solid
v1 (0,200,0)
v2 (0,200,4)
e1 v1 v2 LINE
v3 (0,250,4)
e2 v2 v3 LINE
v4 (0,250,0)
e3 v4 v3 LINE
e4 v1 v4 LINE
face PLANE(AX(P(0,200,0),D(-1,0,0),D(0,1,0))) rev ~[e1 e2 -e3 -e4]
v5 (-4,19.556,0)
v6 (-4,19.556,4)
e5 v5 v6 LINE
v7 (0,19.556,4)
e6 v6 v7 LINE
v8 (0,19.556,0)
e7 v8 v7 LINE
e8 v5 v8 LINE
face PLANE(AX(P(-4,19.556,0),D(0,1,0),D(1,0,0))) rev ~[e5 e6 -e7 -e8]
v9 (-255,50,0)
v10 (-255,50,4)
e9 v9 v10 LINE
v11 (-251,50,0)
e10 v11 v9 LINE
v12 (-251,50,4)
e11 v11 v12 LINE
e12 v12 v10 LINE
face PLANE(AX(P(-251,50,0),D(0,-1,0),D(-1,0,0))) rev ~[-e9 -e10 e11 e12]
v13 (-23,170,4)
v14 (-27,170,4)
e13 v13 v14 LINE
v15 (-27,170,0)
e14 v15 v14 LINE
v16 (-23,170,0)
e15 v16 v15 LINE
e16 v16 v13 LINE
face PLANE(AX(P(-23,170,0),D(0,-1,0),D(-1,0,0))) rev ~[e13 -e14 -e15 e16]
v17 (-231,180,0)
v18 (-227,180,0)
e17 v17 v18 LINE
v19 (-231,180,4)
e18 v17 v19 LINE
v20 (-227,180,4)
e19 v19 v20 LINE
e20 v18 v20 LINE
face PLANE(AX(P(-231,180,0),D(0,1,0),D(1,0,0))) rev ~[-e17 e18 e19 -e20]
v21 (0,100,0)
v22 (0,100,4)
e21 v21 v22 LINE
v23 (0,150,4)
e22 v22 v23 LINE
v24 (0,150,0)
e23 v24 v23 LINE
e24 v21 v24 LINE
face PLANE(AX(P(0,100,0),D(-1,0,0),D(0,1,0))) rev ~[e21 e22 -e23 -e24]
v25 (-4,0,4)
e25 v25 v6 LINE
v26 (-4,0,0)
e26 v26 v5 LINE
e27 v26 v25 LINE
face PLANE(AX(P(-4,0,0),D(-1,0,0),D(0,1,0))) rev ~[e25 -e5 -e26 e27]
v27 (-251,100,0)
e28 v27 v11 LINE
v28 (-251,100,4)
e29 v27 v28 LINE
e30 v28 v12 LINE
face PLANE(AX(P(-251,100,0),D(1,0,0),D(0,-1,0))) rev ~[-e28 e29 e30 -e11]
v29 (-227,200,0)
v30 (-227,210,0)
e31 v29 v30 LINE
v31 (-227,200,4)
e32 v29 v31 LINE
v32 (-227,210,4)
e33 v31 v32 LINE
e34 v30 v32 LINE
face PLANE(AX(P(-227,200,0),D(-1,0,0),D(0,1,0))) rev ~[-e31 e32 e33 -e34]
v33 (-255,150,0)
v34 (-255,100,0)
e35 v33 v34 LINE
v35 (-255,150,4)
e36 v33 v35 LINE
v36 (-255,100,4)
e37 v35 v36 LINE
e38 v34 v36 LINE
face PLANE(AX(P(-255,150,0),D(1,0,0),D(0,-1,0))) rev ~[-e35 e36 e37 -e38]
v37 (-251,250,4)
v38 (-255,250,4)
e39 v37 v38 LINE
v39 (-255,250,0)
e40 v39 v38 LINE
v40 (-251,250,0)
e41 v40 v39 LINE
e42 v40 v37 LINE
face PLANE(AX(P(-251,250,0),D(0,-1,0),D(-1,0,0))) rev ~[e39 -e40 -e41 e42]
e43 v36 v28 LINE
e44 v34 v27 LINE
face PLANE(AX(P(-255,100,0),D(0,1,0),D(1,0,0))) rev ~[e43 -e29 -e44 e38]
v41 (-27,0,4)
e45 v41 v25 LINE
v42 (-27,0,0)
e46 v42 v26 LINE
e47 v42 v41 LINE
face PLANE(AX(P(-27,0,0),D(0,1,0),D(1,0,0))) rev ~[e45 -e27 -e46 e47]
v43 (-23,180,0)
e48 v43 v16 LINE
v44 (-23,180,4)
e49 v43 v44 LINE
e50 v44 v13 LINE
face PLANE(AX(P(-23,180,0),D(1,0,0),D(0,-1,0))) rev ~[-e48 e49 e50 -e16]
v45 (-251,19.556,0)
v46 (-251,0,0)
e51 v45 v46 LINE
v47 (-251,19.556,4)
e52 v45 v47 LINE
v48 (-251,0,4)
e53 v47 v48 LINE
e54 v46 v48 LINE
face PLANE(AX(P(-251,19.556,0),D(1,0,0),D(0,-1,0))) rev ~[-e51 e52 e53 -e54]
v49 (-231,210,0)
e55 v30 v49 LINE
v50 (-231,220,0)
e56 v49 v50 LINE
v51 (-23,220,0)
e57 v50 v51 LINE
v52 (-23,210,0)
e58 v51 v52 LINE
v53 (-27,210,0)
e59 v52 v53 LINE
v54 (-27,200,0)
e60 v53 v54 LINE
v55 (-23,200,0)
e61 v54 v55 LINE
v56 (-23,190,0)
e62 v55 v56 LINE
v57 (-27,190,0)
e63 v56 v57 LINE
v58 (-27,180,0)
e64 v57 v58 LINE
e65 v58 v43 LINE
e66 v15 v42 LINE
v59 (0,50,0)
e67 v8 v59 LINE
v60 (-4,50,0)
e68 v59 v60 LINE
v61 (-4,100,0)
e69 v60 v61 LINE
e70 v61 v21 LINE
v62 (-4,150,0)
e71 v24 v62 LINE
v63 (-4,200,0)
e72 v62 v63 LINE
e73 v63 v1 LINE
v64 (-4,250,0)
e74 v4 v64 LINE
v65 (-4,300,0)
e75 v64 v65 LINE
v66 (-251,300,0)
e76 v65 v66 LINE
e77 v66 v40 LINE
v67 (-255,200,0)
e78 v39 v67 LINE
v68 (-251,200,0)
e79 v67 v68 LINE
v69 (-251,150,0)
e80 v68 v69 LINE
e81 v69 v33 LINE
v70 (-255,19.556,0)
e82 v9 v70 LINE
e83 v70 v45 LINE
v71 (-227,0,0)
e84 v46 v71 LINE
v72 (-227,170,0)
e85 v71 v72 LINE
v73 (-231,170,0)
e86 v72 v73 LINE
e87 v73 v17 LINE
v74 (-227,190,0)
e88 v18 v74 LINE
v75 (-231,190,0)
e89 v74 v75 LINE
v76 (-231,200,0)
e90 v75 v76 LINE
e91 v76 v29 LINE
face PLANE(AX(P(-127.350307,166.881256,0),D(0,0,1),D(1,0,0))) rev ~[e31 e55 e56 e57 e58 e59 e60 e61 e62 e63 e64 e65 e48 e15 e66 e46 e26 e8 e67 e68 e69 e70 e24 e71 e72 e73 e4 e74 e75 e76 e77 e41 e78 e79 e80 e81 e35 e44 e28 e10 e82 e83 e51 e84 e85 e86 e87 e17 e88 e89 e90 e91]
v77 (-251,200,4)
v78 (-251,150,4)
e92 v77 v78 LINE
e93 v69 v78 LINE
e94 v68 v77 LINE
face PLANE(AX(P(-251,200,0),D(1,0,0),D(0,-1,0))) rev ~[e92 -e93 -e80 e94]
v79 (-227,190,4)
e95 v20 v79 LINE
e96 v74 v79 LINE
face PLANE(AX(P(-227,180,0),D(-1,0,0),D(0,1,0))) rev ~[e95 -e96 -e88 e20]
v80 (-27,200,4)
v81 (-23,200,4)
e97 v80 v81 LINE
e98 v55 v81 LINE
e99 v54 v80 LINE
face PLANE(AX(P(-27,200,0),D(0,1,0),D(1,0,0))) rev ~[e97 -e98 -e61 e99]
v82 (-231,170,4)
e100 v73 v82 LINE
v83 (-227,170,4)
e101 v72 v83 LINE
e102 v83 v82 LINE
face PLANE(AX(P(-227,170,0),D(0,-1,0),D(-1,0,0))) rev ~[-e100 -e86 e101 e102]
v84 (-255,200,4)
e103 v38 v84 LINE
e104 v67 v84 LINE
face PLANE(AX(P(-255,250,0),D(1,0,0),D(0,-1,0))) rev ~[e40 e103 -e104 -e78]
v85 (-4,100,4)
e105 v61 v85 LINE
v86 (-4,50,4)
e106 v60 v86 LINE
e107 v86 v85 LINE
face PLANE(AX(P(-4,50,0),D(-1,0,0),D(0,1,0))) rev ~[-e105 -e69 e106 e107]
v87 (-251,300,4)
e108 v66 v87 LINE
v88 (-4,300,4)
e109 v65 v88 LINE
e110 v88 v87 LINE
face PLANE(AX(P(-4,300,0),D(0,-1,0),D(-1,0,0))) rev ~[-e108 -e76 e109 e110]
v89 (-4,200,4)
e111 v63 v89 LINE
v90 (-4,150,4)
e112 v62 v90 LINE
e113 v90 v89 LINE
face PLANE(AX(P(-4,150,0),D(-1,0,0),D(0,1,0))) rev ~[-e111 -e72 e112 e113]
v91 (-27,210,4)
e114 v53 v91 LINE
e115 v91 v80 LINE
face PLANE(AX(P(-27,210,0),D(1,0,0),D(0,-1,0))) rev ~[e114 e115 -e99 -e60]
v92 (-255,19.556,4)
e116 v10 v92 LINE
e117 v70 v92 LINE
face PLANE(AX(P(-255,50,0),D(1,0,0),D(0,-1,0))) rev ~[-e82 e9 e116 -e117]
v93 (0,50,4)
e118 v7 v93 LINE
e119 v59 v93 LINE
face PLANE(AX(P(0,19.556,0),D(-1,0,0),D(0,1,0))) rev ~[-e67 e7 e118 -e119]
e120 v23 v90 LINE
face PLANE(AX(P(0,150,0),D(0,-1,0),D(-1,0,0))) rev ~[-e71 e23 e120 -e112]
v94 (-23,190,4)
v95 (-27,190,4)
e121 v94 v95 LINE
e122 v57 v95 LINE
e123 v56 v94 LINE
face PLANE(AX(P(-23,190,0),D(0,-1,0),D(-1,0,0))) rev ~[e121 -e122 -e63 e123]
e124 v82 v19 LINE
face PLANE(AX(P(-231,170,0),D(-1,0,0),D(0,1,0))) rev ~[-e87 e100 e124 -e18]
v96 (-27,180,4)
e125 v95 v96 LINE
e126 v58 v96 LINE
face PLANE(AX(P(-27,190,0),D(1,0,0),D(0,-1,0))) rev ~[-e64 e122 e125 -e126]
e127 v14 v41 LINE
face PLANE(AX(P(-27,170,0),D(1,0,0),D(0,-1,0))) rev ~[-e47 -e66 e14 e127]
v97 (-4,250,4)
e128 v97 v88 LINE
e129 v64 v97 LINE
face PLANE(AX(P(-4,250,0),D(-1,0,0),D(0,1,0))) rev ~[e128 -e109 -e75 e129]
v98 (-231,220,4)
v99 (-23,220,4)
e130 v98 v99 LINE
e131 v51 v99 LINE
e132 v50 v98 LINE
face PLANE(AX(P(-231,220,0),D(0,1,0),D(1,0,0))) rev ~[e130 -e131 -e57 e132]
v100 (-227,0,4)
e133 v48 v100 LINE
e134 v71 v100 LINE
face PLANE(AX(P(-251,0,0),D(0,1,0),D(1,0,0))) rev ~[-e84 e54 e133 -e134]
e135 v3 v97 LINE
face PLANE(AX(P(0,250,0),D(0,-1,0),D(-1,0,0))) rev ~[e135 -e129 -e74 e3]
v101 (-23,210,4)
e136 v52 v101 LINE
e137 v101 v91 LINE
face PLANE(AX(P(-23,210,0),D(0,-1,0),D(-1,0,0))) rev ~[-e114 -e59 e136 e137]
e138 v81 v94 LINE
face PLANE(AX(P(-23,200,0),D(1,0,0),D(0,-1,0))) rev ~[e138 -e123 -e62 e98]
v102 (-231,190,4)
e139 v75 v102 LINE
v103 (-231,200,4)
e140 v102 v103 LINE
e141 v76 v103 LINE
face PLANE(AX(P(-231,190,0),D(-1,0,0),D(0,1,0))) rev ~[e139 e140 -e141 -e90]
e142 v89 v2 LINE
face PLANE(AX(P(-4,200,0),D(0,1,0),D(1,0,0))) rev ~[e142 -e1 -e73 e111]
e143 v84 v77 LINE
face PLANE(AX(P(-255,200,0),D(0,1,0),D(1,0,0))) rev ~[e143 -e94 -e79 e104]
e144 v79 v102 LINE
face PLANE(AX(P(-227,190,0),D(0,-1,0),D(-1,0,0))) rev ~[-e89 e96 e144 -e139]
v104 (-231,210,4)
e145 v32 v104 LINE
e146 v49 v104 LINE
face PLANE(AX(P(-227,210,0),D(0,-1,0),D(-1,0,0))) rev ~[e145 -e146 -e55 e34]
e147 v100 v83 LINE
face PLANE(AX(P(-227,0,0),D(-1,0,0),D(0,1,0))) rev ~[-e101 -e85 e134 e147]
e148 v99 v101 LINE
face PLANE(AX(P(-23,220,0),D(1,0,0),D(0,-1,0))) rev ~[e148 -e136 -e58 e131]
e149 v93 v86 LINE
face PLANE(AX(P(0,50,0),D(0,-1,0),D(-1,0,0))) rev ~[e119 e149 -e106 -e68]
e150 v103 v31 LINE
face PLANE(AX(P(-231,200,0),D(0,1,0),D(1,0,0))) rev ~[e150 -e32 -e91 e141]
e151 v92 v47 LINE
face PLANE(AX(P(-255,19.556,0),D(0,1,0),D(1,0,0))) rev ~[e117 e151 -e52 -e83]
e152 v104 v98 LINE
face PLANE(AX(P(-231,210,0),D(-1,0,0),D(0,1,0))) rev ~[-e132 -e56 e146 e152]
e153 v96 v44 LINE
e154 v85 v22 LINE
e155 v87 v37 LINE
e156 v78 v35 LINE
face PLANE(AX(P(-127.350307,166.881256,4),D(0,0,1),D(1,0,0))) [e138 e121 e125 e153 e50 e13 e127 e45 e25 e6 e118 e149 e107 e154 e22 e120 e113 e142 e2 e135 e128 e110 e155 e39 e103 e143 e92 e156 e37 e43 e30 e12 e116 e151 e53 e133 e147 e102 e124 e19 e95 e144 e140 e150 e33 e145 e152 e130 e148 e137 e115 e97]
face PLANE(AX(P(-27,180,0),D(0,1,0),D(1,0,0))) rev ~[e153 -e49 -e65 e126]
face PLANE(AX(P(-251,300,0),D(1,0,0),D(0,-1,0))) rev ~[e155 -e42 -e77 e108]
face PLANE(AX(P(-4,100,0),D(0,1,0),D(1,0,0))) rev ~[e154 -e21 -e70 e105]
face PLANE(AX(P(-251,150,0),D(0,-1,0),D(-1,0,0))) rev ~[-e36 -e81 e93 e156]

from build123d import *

# Parameters (mm, degrees)
F1_DEPTH = 4


with BuildPart() as f1:
    # F0 (on Top) → F1 (new body)
    with BuildSketch(Plane.XY):
        Polygon((-27, 0), (-4, 0), (-4, 19.556), (0, 19.556), (0, 50), (-4, 50), (-4, 100), (0, 100), (0, 150), (-4, 150), (-4, 200), (0, 200), (0, 250), (-4, 250), (-4, 300), (-251, 300), (-251, 250), (-255, 250), (-255, 200), (-251, 200), (-251, 150), (-255, 150), (-255, 100), (-251, 100), (-251, 50), (-255, 50), (-255, 19.556), (-251, 19.556), (-251, 0), (-227, 0), (-227, 170), (-231, 170), (-231, 180), (-227, 180), (-227, 190), (-231, 190), (-231, 200), (-227, 200), (-227, 210), (-231, 210), (-231, 220), (-227, 220), (-27, 220), (-23, 220), (-23, 210), (-27, 210), (-27, 200), (-23, 200), (-23, 190), (-27, 190), (-27, 180), (-23, 180), (-23, 170), (-27, 170), align=None)
    extrude(amount=F1_DEPTH)


solid = f1.part
